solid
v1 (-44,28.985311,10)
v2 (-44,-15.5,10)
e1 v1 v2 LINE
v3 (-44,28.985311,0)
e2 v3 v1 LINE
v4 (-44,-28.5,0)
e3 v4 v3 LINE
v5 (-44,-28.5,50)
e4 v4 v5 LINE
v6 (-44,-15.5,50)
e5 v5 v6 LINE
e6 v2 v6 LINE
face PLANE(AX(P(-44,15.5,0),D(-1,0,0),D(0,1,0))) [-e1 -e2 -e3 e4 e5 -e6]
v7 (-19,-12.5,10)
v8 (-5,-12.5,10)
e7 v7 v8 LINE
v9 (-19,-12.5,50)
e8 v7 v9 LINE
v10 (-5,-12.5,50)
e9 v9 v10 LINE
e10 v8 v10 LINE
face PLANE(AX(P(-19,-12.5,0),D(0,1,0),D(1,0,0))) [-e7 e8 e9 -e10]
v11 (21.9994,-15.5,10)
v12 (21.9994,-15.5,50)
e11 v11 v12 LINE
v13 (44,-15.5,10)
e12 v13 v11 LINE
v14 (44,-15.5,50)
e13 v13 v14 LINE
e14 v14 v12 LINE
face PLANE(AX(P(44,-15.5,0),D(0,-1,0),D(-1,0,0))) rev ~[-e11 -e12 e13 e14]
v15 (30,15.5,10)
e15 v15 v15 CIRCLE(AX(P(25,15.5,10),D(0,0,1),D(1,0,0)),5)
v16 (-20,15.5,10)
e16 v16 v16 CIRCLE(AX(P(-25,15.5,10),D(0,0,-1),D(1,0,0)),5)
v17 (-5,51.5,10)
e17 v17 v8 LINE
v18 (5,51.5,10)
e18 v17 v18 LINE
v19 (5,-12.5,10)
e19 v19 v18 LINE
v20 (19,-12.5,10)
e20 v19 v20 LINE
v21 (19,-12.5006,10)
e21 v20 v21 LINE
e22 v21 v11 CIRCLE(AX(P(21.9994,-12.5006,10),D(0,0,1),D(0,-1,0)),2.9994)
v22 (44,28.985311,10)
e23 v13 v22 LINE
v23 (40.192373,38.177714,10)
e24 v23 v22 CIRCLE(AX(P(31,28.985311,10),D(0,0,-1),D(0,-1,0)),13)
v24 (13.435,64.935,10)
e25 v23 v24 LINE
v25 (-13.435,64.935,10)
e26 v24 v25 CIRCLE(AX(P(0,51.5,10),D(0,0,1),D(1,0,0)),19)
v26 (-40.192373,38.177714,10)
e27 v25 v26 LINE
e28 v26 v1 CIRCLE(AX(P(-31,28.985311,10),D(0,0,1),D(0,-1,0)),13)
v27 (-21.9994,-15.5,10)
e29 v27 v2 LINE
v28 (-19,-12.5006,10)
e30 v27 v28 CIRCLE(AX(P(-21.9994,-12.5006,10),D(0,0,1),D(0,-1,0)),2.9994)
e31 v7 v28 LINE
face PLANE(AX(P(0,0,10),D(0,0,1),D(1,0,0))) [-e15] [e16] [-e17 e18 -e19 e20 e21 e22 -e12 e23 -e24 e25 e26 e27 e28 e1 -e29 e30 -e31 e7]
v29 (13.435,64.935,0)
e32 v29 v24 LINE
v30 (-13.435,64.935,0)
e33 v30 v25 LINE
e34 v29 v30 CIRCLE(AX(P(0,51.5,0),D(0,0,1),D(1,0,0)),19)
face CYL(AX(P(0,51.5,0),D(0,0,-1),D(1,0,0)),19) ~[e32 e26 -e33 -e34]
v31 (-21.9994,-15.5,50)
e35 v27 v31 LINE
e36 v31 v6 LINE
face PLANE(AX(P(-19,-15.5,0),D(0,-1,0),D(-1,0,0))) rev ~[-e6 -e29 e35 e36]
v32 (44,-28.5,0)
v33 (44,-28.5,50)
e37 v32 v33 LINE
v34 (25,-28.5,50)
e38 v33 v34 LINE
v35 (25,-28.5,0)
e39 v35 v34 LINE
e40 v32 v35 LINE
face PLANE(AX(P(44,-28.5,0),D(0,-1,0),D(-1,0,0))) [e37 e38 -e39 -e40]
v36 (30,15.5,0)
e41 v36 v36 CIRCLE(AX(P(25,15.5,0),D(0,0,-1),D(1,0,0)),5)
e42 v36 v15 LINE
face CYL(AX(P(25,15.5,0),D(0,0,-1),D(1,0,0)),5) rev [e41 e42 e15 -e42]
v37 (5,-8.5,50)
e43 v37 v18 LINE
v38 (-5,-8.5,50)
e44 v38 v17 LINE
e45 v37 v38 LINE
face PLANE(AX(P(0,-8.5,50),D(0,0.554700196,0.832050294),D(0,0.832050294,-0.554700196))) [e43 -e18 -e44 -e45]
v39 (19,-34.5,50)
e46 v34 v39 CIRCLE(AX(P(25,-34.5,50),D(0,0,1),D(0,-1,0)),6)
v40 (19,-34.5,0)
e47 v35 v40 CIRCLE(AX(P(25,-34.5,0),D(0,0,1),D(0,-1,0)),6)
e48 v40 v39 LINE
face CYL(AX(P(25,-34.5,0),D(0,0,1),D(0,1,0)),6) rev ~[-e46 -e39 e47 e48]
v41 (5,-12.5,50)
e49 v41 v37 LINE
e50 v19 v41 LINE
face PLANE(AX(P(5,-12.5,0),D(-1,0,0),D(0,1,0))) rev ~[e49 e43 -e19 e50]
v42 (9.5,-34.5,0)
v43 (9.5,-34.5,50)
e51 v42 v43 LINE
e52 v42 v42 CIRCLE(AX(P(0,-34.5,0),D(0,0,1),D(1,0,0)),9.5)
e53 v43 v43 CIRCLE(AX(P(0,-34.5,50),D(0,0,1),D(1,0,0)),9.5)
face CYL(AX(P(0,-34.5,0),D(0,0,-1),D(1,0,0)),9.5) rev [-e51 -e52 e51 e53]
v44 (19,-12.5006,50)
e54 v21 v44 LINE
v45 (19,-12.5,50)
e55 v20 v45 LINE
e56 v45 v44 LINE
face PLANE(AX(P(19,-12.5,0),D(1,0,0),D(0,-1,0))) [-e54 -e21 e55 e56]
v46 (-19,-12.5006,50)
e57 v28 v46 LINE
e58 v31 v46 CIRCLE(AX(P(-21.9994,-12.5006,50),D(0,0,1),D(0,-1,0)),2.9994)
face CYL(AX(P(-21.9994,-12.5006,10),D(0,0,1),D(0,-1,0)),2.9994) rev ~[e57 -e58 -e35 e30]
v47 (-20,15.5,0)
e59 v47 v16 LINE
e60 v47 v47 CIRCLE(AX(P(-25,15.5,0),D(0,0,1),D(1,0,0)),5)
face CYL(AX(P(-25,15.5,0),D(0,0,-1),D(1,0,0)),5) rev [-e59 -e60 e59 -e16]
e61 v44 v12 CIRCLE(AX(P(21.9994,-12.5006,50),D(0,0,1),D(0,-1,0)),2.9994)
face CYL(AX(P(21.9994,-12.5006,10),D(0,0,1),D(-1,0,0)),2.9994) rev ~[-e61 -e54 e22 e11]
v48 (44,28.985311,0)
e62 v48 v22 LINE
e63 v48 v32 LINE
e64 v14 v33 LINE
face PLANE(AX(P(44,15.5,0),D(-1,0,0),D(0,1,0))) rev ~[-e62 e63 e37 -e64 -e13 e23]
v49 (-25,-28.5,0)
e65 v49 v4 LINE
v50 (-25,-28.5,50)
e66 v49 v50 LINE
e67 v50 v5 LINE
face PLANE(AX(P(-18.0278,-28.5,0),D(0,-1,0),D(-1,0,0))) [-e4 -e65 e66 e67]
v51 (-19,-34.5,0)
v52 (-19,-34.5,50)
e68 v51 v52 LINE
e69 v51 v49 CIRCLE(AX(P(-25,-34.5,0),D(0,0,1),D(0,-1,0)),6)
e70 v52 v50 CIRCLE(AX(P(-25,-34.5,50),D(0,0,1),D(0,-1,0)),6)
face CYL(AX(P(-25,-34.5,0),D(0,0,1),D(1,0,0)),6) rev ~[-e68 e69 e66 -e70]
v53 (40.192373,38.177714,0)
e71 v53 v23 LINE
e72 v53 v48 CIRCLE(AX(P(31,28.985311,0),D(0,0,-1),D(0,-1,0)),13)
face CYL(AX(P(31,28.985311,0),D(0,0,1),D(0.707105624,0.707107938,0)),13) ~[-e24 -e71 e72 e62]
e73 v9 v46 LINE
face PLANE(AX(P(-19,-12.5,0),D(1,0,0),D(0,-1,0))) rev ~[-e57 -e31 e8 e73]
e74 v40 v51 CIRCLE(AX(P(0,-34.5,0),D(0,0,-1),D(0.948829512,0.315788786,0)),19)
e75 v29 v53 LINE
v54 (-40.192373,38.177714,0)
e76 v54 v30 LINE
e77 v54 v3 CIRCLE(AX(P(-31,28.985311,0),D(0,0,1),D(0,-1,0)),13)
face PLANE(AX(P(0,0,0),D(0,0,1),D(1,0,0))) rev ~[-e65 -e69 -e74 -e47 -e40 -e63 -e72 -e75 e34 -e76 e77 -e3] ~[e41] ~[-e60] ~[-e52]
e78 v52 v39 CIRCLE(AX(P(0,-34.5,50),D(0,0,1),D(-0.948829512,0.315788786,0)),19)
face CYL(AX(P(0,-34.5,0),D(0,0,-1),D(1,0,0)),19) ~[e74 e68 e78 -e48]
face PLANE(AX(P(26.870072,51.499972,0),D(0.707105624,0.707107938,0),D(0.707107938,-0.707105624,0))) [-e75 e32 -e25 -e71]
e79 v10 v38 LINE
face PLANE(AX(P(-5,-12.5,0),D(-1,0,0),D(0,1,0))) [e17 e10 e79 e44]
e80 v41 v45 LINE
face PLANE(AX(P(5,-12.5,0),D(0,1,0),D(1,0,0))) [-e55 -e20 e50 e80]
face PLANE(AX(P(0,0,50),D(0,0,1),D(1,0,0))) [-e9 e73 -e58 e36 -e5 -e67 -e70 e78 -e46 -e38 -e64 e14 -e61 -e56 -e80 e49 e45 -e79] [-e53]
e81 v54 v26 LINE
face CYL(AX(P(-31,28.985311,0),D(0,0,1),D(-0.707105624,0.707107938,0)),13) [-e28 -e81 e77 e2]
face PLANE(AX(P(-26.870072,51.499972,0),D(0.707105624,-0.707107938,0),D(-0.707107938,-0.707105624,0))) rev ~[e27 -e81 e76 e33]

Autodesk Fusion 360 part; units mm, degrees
sketch "base sketch" plane through (0, 0, 0) normal (0, 0, 1) x (1, 0, 0)
  line L0 (-44, 15.5) -> (44, 15.5)
  line L1 (44, 15.5) -> (44, -15.5)
  line L2 (44, -15.5) -> (-44, -15.5)
  line L3 (-44, -15.5) -> (-44, 15.5)
  line L4 (-44, 15.5) -> (-44, 34.3701)
  line L5 (44, 15.5) -> (44, 34.3701)
  line L6 (-26.8701, 51.5) -> (26.8701, 51.5)
  line L7 (0, -15.5) -> (0, 51.5)
  line L8 (-19, -12.5) -> (-19, -15.5)
  line L9 (19, -12.5) -> (19, -15.5)
  line L10 (-19, -12.5) -> (19, -12.5)
  line L11 (-5, -12.5) -> (-5, -8.5)
  line L12 (5, -12.5) -> (5, -8.5)
  line L13 (-5, -8.5) -> (5, -8.5)
  circle A0 centre (-25, 15.5) radius 5
  circle A1 centre (25, 15.5) radius 5
  circle A2 centre (0, 51.5) radius 19
  line L14 (0, 51.5) -> (13.435, 64.935)
  line L15 (0, 51.5) -> (19, 51.5) construction
  line L16 (0, 51.5) -> (-13.435, 64.935)
  line L17 (-13.435, 64.935) -> (-44, 34.3701)
  line L18 (13.435, 64.935) -> (44, 34.3701)
  line L19 (-44, -15.5) -> (44, -15.5)
  line L20 (44, -15.5) -> (44, -28.5)
  line L21 (-44, -28.5) -> (-44, -15.5)
  circle A3 centre (0, -34.5) radius 9.5
  circle A4 centre (0, -34.5) radius 19
  line L22 (44, -28.5) -> (18.0278, -28.5)
  line L23 (-18.0278, -28.5) -> (-44, -28.5)
  line L24 (-44, -28.5) -> (-18.0278, -28.5)
  line L25 (18.0278, -28.5) -> (44, -28.5)
  dimension "d2" = 31
  dimension "d10" = 38
  dimension "d11" = 25
  dimension "d12" = 4
  dimension "d13" = 4
  dimension "d14" = 39
  dimension "d15" = 10
  dimension "d16" = 10
  dimension "d17" = 10
  dimension "d18" = 50
  dimension "d19" = 19
  dimension "d20" = 38
  dimension "d21" = 45
  dimension "d27" = 13
  dimension "d30" = 19
  dimension "d31" = 38
extrude "Extrude1" add sketch "base sketch" along normal blind 10 contours L0 L5 L6 L7 A1 A2 L18 | L0 L1 L2 L7 L9 L10 L12 L13 A1 L19 | L0 L2 L3 L7 L8 L10 L11 L13 A0 L19 | L0 L4 L6 L7 A0 A2 L17 | L6 A2 L18 | L6 L7 A2 | L6 L7 A2 | L6 A2 L14 | A2 L14 L16 | L6 A2 L16 | L6 A2 L17 makes body 1
extrude "Extrude2" add sketch "base sketch" along normal blind 50 contours L2 L19 L20 A4 L22 L25 | L2 L7 L9 L10 L19 | L7 L10 L12 L13 | L7 L10 L11 L13 | L2 L19 L21 A4 L23 L24 | L2 L7 L8 L10 L19 | A4 bodies 1
fillet "Fillet1" radius 13 1 edges at (44, 34.3701, 5) on bodies 1
fillet "Fillet2" radius 13 1 edges at (-44, 34.3701, 5) on bodies 1
fillet "Fillet3" radius 3 1 edges at (-19, -15.5, 30) on bodies 1
fillet "Fillet4" radius 3 1 edges at (19, -15.5, 30) on bodies 1
fillet "Fillet5" radius 6 1 edges at (18.0278, -28.5, 25) on bodies 1
fillet "Fillet6" radius 6 1 edges at (-18.0278, -28.5, 25) on bodies 1
sketch "slope sketch" plane through (0, 0, 0) normal (1, 0, 0) x (0, 1, 0)
  line L0 (-8.5, 0) -> (51.5, 0)
  line L1 (-8.5, 0) -> (-8.5, 10)
  line L2 (-8.5, 10) -> (51.5, 10)
  line L3 (51.5, 10) -> (51.5, 0)
  line L4 (-8.5, 10) -> (-8.5, 50)
  line L5 (-8.5, 50) -> (51.5, 10)
  dimension "d48" = 60
  dimension "d49" = 40
extrude "Extrude3" add sketch "slope sketch" along normal mid plane 10 contours L2 L4 L5 bodies 1
copy_body "Body->Comp1" bodies 1 removing the originals makes body 2 in component "object A3"
component "object A3" placed x (1, 0, 0) y (0, 1, 0) z (0, 0, 1) at (0, 0, 0)
